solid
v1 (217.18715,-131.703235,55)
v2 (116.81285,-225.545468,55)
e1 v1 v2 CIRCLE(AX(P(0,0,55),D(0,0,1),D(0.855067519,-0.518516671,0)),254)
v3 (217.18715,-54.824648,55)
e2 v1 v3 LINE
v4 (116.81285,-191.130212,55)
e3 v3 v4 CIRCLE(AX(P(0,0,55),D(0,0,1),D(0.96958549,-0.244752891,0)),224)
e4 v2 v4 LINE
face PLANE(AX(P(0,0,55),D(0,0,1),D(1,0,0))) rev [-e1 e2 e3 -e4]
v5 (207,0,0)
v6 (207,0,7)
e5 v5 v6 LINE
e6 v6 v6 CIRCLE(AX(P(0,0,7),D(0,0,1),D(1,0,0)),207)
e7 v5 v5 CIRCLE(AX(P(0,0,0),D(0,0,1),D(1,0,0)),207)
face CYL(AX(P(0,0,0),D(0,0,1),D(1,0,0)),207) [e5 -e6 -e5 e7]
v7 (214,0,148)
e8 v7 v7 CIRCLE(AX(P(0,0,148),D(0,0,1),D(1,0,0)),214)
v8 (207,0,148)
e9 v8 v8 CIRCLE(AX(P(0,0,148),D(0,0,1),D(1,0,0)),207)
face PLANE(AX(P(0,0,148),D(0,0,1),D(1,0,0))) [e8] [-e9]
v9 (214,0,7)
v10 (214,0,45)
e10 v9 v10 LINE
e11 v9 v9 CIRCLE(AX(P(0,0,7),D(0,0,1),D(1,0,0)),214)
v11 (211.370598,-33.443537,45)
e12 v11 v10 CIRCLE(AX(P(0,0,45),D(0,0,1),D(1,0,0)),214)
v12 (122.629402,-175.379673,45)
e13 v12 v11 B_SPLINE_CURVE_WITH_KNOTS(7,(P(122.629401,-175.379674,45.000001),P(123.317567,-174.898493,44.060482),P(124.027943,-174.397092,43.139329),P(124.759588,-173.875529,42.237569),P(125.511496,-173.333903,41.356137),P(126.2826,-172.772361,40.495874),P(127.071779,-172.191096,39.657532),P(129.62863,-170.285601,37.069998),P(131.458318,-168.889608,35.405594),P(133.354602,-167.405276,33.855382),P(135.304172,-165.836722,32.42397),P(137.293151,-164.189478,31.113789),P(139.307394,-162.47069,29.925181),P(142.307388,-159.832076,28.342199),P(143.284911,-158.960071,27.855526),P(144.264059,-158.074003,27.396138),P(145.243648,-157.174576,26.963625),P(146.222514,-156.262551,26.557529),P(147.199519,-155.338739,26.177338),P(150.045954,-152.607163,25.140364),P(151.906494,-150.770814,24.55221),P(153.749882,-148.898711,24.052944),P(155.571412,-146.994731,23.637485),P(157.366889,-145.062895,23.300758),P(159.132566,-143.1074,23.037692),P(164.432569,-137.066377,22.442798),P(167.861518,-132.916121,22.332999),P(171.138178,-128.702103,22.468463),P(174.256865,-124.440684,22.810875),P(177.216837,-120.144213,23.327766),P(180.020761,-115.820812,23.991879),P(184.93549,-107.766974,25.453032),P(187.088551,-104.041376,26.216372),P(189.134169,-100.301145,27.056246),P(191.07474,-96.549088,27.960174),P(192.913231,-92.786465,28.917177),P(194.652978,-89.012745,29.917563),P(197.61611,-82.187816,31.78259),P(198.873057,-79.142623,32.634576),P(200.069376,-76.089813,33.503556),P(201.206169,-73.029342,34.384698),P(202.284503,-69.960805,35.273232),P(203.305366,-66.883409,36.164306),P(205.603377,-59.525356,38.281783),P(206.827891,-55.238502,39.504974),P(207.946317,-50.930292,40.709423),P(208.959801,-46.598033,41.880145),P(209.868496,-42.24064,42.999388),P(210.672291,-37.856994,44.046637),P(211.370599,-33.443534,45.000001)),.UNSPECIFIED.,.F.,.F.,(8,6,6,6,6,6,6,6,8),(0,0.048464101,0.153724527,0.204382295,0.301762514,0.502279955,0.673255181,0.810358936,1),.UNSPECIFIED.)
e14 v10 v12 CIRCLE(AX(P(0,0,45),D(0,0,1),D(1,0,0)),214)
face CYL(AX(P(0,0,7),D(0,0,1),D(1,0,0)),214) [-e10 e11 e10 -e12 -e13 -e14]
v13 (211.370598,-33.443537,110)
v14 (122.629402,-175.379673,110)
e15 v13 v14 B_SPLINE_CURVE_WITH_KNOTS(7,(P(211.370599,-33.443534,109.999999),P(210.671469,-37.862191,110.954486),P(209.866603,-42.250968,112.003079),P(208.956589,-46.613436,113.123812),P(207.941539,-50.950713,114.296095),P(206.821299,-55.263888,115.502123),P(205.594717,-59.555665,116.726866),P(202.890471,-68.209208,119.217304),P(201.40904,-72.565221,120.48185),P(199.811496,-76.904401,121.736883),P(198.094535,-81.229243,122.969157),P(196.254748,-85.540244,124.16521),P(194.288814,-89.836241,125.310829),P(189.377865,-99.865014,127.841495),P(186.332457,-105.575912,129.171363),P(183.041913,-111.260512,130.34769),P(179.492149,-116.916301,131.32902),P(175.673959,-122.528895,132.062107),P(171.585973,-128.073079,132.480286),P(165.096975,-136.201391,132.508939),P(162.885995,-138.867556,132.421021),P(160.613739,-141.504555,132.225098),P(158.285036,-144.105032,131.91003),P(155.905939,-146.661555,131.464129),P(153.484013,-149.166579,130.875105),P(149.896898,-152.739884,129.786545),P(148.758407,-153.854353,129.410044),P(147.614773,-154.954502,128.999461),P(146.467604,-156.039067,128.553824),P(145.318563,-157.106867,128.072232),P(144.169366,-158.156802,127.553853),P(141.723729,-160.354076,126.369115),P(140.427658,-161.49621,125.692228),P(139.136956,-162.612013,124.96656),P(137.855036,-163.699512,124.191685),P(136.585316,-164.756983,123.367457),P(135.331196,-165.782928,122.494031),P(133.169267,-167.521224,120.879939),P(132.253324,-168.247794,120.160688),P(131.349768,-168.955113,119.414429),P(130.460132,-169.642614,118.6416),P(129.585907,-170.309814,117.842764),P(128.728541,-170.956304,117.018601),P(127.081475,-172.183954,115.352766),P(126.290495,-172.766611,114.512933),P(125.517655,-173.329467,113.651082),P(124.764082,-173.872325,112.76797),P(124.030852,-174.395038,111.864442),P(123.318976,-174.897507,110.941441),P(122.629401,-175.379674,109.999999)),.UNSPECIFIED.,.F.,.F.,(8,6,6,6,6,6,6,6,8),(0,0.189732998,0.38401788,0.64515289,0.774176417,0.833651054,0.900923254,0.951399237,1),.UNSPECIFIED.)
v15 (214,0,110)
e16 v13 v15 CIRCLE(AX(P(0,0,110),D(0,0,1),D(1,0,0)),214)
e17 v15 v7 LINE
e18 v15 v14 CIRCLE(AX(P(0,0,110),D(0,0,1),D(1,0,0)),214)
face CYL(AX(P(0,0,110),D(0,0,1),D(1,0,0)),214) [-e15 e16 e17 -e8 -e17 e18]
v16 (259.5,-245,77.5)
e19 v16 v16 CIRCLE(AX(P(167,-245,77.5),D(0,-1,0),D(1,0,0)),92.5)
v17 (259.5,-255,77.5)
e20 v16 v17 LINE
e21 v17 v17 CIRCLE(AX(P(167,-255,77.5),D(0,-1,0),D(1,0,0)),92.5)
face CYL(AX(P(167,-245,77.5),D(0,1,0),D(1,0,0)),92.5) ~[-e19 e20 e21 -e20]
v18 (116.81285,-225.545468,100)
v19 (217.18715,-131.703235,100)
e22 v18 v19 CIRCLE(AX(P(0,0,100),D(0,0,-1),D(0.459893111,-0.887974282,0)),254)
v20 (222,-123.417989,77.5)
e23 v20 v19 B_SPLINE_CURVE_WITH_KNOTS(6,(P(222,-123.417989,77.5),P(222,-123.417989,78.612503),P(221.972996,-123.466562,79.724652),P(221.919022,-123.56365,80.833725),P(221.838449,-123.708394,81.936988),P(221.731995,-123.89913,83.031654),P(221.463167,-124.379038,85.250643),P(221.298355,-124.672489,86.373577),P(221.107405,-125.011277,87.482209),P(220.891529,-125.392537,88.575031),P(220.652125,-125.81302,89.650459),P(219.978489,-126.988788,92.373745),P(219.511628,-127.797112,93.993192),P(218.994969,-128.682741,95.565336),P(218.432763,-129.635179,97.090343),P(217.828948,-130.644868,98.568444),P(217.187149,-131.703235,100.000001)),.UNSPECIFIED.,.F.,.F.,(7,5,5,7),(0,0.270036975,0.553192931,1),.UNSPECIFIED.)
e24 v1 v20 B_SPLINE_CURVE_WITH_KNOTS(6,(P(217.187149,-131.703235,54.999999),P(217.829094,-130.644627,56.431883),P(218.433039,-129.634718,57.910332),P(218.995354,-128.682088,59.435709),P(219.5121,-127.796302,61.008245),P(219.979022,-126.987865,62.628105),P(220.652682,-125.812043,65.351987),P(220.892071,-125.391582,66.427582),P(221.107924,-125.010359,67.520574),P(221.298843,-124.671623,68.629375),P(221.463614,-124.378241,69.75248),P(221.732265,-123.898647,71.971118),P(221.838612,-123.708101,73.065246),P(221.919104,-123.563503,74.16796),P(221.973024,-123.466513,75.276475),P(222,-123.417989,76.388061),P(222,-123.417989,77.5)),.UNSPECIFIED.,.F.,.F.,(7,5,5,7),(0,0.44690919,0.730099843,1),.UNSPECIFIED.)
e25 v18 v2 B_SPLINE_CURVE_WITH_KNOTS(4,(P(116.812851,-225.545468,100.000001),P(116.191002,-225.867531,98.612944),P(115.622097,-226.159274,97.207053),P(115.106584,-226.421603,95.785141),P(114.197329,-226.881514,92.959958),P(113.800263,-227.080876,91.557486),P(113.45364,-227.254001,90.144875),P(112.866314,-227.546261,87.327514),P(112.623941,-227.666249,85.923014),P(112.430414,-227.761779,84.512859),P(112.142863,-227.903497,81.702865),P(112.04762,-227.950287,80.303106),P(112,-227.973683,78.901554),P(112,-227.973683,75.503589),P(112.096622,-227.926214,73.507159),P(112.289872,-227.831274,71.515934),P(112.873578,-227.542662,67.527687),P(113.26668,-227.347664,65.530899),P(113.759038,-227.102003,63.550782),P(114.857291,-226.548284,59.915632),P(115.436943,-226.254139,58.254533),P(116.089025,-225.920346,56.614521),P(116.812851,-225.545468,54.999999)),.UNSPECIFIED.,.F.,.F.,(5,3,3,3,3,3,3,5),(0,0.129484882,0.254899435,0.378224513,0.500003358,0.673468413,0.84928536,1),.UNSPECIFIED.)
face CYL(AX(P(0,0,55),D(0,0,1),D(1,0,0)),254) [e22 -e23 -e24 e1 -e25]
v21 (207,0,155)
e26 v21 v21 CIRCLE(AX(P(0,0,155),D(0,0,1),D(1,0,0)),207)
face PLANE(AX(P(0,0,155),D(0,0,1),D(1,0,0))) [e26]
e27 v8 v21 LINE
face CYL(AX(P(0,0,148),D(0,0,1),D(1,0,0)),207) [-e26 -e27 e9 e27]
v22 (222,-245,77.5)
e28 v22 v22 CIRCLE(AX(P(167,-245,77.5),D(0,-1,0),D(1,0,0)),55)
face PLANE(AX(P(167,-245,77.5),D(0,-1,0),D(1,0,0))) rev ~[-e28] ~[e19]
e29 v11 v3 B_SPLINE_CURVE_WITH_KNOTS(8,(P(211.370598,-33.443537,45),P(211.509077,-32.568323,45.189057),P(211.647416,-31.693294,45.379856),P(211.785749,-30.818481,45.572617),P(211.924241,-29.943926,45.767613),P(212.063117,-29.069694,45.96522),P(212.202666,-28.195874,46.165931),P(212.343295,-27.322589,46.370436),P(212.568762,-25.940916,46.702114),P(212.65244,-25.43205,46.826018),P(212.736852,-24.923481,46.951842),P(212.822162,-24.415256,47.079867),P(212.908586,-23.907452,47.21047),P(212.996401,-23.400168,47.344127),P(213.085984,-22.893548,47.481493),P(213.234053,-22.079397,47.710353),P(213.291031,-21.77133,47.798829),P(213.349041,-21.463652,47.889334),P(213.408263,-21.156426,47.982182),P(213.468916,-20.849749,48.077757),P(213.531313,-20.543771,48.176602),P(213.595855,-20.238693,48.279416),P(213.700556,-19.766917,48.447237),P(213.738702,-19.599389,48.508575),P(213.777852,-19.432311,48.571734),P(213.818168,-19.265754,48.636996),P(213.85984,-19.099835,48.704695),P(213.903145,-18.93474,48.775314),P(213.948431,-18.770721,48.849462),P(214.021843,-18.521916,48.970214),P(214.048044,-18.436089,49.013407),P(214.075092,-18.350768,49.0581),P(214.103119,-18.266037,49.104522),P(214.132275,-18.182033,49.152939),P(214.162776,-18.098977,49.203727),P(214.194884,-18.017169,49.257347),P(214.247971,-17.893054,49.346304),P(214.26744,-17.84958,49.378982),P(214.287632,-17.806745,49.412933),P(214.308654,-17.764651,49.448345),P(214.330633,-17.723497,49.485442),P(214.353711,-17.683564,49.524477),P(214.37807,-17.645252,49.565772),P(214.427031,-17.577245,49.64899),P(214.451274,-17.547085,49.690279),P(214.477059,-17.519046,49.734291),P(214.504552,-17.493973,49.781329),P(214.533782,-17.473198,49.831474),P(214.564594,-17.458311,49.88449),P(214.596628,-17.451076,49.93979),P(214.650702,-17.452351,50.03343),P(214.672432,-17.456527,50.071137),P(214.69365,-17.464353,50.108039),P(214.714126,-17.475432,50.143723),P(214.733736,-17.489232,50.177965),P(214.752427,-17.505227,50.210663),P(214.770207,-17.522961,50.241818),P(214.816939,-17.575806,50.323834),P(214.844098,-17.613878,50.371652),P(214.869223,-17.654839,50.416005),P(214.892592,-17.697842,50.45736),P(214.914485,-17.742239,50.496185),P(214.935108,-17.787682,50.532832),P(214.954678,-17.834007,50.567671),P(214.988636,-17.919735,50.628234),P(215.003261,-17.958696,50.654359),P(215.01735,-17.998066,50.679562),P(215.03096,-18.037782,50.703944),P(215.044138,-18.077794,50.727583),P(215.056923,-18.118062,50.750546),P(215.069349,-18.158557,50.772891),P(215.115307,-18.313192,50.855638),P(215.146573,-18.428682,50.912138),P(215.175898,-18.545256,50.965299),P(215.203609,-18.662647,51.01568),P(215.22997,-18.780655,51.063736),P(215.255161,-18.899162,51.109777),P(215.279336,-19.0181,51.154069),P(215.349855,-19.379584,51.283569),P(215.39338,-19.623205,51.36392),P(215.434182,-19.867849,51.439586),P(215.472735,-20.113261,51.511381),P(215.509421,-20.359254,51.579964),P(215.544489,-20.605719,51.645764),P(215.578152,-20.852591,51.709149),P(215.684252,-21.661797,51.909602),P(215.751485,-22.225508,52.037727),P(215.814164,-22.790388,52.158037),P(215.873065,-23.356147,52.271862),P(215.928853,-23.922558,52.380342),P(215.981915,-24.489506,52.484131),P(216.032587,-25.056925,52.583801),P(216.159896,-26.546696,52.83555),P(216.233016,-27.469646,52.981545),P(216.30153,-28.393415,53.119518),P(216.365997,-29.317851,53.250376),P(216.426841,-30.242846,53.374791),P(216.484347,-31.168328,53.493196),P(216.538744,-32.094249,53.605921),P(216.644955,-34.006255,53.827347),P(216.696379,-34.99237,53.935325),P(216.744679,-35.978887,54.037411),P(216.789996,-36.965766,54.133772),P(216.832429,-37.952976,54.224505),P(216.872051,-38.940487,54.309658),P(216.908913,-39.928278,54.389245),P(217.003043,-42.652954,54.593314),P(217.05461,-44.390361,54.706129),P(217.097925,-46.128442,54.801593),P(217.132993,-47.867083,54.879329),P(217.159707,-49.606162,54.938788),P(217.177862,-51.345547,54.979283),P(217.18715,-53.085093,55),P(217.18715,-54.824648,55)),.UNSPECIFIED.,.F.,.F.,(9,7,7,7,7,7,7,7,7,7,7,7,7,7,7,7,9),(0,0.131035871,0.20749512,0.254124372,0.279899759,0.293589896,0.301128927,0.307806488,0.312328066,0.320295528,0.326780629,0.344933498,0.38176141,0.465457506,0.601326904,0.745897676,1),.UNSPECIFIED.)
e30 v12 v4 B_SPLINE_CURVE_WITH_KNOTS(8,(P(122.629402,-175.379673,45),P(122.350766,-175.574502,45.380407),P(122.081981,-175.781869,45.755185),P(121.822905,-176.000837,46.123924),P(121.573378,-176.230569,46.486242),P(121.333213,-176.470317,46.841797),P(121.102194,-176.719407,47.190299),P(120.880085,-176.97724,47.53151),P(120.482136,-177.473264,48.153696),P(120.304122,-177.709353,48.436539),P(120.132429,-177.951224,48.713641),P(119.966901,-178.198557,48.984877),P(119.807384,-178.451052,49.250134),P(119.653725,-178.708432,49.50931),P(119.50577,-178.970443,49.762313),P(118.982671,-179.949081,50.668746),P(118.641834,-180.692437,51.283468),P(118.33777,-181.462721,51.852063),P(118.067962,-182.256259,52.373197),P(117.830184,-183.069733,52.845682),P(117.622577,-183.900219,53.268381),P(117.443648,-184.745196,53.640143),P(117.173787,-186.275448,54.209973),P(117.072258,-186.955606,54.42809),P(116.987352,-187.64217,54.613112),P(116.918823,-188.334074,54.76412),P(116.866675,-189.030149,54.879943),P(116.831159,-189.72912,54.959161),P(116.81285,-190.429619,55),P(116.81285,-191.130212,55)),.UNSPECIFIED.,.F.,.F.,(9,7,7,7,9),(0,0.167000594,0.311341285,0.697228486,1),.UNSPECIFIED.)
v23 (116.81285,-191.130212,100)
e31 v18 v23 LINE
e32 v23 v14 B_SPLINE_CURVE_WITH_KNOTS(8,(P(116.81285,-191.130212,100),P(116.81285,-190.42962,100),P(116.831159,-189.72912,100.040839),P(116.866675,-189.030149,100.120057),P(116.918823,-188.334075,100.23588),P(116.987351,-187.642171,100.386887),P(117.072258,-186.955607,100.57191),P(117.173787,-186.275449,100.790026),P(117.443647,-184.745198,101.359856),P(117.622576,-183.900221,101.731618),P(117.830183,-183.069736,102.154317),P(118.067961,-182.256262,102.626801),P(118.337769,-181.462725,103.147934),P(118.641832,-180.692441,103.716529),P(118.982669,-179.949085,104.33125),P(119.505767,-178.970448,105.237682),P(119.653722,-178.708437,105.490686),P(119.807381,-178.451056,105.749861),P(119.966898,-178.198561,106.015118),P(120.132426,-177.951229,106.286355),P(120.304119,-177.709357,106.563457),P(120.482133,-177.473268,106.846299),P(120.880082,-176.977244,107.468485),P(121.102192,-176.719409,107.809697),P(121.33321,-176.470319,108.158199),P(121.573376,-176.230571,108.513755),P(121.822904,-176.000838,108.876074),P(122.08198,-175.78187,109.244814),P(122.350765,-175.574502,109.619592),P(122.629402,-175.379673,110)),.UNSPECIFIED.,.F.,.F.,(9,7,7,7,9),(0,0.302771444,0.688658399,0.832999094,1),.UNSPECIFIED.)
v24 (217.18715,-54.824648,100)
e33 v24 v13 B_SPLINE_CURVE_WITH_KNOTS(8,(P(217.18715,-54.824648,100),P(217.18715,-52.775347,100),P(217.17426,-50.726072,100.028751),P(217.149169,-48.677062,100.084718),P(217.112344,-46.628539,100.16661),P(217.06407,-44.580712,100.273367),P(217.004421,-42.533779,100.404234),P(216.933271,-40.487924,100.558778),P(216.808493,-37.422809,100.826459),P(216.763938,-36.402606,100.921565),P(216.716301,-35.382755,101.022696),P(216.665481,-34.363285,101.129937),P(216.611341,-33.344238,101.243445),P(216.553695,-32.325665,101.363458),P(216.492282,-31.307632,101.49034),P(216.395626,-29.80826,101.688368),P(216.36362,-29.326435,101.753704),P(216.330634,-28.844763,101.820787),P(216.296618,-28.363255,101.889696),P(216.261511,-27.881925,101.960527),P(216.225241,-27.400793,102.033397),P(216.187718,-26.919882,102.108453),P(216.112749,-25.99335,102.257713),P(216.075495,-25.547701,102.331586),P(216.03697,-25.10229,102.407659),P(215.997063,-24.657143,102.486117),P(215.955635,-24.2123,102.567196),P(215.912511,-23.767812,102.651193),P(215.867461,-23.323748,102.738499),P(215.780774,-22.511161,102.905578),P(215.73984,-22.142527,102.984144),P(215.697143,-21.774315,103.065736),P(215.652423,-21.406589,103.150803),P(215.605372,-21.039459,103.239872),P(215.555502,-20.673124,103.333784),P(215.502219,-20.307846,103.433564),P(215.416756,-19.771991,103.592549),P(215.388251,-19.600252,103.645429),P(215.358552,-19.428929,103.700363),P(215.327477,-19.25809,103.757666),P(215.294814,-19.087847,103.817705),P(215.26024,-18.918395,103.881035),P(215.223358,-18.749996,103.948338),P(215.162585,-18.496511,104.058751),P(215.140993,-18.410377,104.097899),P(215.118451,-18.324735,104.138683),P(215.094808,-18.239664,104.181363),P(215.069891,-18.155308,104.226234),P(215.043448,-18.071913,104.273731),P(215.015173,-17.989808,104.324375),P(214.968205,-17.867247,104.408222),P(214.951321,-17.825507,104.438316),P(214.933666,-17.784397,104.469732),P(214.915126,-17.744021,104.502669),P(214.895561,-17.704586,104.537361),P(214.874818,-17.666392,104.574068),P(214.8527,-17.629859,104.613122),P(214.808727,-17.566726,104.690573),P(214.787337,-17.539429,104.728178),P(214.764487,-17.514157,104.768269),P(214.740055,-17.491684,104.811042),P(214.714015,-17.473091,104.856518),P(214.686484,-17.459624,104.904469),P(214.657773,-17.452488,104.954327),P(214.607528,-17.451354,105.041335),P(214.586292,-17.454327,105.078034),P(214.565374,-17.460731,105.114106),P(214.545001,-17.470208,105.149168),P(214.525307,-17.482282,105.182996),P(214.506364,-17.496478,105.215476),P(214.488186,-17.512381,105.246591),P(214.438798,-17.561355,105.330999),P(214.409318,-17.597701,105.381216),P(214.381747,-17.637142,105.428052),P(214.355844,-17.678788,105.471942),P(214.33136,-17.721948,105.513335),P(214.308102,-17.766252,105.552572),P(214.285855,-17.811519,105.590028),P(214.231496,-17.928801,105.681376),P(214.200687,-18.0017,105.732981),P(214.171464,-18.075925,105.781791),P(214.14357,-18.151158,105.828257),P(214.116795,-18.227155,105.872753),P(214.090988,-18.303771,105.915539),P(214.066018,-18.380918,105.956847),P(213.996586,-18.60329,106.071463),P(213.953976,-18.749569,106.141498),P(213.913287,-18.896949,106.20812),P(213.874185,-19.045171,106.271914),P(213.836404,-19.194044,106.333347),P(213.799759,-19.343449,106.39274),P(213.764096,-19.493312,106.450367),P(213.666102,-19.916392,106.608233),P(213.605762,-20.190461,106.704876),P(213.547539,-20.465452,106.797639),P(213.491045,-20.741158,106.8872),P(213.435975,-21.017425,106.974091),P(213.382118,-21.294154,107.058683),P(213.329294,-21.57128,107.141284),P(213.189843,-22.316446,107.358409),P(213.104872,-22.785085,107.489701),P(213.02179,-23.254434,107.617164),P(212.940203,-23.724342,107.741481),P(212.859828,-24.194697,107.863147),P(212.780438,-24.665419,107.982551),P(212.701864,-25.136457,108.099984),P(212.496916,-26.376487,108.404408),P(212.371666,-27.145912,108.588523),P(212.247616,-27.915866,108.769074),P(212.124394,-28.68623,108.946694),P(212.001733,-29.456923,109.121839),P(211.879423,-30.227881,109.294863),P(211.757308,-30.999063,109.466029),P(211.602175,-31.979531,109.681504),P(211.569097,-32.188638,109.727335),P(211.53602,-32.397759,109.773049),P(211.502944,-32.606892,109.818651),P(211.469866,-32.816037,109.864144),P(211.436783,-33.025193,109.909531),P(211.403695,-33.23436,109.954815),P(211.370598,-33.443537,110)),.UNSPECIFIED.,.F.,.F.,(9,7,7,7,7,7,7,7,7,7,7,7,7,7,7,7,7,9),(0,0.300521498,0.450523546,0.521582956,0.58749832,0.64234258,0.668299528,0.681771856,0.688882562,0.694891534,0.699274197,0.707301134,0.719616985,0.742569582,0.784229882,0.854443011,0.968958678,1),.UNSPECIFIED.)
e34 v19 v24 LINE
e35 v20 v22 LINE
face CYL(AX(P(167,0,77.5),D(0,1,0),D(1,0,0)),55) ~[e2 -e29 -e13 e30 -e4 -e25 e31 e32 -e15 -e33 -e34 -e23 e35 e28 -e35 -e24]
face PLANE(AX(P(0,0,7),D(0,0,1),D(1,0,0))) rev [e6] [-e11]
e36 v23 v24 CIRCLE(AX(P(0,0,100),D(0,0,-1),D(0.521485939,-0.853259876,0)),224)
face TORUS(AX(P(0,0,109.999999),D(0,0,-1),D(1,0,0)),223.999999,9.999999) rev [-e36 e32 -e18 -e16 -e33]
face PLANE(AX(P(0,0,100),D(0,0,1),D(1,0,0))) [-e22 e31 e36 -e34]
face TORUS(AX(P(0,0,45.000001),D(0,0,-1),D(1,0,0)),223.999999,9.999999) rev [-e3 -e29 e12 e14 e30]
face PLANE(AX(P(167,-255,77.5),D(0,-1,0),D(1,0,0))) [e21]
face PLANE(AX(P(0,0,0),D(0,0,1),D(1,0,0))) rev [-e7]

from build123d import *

# Parameters (mm, degrees)
F2_R     = 55
F3_DEPTH = 245
F4_R     = 92.5
F4_R_2   = 55
F5_DEPTH = 10


with BuildPart() as f1:
    # F0 (on Front) → F1 (revolve)
    with BuildSketch(Plane.XZ):
        with BuildLine():
            Line((0, 155), (0, 0))
            Line((0, 0), (207, 0))
            Line((207, 0), (207, 7))
            Line((207, 7), (214, 7))
            Line((214, 7), (214, 45))
            ThreePointArc((214, 45), (216.928932, 52.071068), (224, 55))
            Line((224, 55), (254, 55))
            Line((254, 55), (254, 100))
            Line((254, 100), (224, 100))
            ThreePointArc((224, 100), (216.928932, 102.928932), (214, 110))
            Line((214, 110), (214, 148))
            Line((214, 148), (207, 148))
            Line((207, 148), (207, 155))
            Line((207, 155), (0, 155))
        make_face()
    revolve(axis=Axis((0, 0, 77.5), (0, 0, 1)))

    # F2 (on Front) → F3 (join)
    with BuildSketch(Plane.XZ):
        with Locations((167, 77.5)):
            Circle(F2_R)
    extrude(amount=F3_DEPTH)

    # F4 (on face) → F5 (join)
    with BuildSketch(Plane.XZ.offset(245)):
        with Locations((167, 77.5)):
            Circle(F4_R)
        with Locations((167, 77.5)):
            Circle(F4_R_2, mode=Mode.SUBTRACT)
        with Locations((167, 77.5)):
            Circle(F4_R_2)
    extrude(amount=F5_DEPTH)


solid = f1.part
